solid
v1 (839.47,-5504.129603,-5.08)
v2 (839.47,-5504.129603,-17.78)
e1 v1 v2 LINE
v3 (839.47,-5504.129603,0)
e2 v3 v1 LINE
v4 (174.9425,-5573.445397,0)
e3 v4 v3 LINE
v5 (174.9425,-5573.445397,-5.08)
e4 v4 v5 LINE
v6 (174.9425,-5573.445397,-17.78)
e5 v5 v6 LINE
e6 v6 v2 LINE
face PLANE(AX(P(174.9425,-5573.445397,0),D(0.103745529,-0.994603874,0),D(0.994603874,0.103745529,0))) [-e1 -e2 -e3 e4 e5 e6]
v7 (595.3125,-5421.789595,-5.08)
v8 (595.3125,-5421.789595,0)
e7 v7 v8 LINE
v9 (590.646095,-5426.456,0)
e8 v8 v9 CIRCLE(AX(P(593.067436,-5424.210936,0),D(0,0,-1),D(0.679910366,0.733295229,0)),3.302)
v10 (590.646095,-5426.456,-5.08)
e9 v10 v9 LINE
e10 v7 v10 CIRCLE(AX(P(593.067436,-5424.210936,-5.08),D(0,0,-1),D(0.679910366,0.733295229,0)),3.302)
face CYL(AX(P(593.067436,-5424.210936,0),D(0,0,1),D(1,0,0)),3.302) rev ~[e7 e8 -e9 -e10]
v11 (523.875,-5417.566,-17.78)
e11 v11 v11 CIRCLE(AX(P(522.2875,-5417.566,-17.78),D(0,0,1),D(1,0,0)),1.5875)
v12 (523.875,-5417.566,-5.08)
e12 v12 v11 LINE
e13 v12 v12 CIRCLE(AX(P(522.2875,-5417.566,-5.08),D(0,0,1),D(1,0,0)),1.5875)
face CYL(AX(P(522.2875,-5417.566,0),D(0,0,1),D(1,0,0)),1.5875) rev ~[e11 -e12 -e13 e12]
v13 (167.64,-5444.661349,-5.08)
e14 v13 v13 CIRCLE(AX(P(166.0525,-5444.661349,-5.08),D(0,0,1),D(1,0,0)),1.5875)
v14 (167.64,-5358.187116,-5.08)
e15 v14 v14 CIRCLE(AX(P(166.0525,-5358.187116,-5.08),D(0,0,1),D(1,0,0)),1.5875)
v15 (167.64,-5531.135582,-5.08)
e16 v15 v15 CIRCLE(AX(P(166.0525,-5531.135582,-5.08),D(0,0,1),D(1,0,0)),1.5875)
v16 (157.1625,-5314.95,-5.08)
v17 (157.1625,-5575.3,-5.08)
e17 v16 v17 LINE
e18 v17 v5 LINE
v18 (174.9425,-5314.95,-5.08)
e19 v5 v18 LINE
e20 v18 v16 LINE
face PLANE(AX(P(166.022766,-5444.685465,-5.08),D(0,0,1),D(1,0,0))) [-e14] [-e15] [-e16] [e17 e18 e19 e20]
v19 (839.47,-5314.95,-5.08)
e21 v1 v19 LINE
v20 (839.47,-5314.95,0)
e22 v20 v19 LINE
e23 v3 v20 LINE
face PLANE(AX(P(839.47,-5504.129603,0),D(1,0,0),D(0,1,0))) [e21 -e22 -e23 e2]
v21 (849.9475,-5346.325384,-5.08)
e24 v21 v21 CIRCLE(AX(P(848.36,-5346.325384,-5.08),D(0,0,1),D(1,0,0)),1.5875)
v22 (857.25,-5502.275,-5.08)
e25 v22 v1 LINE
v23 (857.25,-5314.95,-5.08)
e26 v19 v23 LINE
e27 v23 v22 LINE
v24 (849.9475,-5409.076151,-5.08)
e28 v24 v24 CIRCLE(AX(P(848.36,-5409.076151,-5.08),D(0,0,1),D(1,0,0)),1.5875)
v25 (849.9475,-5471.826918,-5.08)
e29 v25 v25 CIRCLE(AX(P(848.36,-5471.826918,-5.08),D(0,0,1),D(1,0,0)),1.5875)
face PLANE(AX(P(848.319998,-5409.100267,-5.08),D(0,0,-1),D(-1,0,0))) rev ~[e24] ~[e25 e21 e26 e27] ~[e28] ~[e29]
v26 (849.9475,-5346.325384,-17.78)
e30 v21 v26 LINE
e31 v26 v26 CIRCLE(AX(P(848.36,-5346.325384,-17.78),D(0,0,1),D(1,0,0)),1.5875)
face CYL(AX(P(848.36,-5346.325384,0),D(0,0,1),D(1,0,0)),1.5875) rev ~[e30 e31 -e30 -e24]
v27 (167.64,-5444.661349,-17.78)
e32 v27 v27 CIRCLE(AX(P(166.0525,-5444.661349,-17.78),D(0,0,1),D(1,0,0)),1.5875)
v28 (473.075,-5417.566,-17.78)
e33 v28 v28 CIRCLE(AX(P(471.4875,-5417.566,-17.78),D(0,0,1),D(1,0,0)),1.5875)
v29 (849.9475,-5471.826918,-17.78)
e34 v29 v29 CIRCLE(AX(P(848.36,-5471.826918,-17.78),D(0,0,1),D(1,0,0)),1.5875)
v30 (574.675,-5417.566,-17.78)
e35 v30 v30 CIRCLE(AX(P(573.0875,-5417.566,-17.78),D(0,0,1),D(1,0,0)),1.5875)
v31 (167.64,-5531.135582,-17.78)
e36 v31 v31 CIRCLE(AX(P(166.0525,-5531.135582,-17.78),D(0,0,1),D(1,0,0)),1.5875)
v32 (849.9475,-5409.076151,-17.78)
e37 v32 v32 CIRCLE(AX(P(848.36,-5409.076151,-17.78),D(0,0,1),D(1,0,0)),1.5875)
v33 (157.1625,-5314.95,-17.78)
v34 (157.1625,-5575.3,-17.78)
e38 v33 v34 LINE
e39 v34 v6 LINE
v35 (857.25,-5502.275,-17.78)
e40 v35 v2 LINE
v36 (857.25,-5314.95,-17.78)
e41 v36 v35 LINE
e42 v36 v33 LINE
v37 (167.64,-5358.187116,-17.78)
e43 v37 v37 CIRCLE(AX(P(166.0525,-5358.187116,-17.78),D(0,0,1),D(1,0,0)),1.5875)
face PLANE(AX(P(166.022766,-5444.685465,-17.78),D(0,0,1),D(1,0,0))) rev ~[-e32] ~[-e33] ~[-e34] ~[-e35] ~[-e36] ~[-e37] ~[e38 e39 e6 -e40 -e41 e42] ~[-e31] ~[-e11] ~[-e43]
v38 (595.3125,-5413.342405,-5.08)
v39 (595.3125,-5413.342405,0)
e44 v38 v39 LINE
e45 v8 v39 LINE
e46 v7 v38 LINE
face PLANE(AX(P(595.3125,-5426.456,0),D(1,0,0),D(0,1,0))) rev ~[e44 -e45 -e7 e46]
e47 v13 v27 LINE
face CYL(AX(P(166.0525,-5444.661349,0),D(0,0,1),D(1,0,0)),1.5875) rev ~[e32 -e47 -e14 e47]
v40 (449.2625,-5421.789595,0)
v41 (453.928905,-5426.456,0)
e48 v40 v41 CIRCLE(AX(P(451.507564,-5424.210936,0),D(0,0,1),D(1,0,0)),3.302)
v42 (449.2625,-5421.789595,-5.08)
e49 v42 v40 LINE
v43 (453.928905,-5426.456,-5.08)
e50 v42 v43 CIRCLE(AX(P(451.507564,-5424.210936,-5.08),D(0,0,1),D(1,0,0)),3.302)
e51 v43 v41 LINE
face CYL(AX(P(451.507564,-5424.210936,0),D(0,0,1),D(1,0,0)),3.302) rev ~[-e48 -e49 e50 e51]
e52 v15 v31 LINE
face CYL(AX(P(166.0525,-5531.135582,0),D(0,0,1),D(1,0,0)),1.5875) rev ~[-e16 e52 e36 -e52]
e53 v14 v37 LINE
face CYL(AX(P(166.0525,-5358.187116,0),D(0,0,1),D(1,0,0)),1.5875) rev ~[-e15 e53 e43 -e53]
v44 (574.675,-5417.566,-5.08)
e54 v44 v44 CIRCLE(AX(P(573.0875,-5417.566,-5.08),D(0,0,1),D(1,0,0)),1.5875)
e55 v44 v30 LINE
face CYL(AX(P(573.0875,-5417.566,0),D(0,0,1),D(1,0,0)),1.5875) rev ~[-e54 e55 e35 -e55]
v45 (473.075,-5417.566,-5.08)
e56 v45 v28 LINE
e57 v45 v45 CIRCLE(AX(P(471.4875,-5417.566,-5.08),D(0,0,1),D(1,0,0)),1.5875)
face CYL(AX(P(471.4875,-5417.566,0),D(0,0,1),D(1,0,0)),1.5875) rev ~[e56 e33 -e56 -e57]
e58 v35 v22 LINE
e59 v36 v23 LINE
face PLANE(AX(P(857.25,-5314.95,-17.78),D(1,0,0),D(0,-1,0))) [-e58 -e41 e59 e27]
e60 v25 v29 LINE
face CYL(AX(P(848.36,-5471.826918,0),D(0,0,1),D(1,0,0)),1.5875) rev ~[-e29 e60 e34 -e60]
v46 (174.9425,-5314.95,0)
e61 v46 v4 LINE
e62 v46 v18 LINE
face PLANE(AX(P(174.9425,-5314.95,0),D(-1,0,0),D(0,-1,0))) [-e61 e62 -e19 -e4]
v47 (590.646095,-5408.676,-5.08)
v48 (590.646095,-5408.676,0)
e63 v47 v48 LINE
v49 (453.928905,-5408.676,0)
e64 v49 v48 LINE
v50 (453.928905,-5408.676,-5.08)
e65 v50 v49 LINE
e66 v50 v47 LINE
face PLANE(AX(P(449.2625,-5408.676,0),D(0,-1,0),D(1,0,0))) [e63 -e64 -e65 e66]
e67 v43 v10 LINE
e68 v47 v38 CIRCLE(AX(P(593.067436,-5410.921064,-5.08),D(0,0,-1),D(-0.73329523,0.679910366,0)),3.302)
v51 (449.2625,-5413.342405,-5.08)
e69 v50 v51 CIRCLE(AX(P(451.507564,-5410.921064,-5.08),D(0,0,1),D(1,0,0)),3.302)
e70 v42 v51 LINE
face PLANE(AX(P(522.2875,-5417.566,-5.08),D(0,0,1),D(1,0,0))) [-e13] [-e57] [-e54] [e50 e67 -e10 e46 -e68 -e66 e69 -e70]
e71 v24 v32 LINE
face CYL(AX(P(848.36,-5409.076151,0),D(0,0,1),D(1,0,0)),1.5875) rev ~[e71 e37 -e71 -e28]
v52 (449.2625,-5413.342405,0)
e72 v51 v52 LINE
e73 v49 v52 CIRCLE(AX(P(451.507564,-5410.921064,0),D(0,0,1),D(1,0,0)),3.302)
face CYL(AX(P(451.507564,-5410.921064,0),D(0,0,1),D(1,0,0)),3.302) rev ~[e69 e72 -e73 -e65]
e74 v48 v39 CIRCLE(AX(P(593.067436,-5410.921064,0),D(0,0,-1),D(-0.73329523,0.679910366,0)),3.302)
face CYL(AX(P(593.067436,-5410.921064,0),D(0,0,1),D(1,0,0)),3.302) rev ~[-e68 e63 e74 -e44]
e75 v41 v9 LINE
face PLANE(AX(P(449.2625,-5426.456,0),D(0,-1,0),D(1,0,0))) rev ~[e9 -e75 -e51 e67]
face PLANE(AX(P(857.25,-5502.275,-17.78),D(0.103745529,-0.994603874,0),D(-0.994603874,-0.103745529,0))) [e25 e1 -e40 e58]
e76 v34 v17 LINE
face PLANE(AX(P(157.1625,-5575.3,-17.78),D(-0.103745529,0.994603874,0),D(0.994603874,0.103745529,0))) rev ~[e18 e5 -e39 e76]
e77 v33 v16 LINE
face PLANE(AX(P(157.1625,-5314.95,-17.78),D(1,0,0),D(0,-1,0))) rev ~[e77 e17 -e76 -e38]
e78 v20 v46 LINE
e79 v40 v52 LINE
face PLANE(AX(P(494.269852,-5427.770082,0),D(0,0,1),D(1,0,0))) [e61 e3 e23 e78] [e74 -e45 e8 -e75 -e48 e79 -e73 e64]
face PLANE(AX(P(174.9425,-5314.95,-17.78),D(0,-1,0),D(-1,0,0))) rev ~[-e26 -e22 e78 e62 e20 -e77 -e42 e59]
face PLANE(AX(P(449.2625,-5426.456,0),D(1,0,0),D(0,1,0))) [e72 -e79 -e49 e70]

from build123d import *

# Parameters (mm, degrees)
HEADSIDELEFT_THICKNESS_DEPTH      = 17.78
HEADSIDELEFTLEDGE_THICKNESS_DEPTH = 12.7
SKETCH4_W                         = 146.050000002
SKETCH4_H                         = 17.78
CUT_EXTRUDE2_DEPTH                = 5.08
SKETCH6_R                         = 3.302000001
SKETCH6_R_2                       = 3.302
CUT_EXTRUDE3_DEPTH                = 5.08
SKETCH3_R                         = 1.5875
CUT_EXTRUDE1_DEPTH                = 17.78


with BuildPart() as part:
    # HeadSideLeftOutline → HeadSideLeft_Thickness (new body)
    with BuildSketch(Plane.XY):
        Polygon((839.47, -5504.129603175), (839.47, -5314.95), (174.9425, -5314.95), (174.9425, -5573.445396825), align=None)
    extrude(amount=-HEADSIDELEFT_THICKNESS_DEPTH)

    # HeadSideLeftLedge → HeadSideLeftLedge_Thickness (add)
    with BuildSketch(Plane(origin=(0, 0, -17.78), x_dir=(-1, 0, 0), z_dir=(0, 0, -1))):
        Polygon((-174.9425, -5314.95), (-157.1625, -5314.95), (-157.1625, -5575.3), (-174.9425, -5573.445396825), align=None)
        Polygon((-839.47, -5314.95), (-857.25, -5314.95), (-857.25, -5502.275), (-839.47, -5504.129603175), align=None)
    extrude(amount=-HEADSIDELEFTLEDGE_THICKNESS_DEPTH)

    # Sketch4 → Cut-Extrude2 (cut)
    with BuildSketch(Plane.XY):
        with Locations((522.2875, -5417.566000001)):
            Rectangle(SKETCH4_W, SKETCH4_H)
    extrude(amount=-CUT_EXTRUDE2_DEPTH, mode=Mode.SUBTRACT)

    # Sketch6 → Cut-Extrude3 (cut)
    with BuildSketch(Plane.XY):
        with Locations((451.507564029, -5410.921064031)):
            Circle(SKETCH6_R)
        with Locations((451.507564029, -5424.210935971)):
            Circle(SKETCH6_R_2)
        with Locations((593.067435971, -5424.210935971)):
            Circle(SKETCH6_R_2)
        with Locations((593.067435971, -5410.921064031)):
            Circle(SKETCH6_R)
    extrude(amount=-CUT_EXTRUDE3_DEPTH, mode=Mode.SUBTRACT)

    # Sketch3 → Cut-Extrude1 (cut)
    with BuildSketch(Plane.XY):
        with Locations((166.0525, -5531.135582009)):
            Circle(SKETCH3_R)
        with Locations((166.0525, -5444.661349205)):
            Circle(SKETCH3_R)
        with Locations((166.0525, -5358.187116401)):
            Circle(SKETCH3_R)
        with Locations((848.36, -5471.826917991)):
            Circle(SKETCH3_R)
        with Locations((848.36, -5409.076150795)):
            Circle(SKETCH3_R)
        with Locations((848.36, -5346.325383599)):
            Circle(SKETCH3_R)
        with Locations((573.0875, -5417.566)):
            Circle(SKETCH3_R)
        with Locations((522.2875, -5417.566)):
            Circle(SKETCH3_R)
        with Locations((471.4875, -5417.566)):
            Circle(SKETCH3_R)
    extrude(amount=-CUT_EXTRUDE1_DEPTH, mode=Mode.SUBTRACT)


solid = part.part
